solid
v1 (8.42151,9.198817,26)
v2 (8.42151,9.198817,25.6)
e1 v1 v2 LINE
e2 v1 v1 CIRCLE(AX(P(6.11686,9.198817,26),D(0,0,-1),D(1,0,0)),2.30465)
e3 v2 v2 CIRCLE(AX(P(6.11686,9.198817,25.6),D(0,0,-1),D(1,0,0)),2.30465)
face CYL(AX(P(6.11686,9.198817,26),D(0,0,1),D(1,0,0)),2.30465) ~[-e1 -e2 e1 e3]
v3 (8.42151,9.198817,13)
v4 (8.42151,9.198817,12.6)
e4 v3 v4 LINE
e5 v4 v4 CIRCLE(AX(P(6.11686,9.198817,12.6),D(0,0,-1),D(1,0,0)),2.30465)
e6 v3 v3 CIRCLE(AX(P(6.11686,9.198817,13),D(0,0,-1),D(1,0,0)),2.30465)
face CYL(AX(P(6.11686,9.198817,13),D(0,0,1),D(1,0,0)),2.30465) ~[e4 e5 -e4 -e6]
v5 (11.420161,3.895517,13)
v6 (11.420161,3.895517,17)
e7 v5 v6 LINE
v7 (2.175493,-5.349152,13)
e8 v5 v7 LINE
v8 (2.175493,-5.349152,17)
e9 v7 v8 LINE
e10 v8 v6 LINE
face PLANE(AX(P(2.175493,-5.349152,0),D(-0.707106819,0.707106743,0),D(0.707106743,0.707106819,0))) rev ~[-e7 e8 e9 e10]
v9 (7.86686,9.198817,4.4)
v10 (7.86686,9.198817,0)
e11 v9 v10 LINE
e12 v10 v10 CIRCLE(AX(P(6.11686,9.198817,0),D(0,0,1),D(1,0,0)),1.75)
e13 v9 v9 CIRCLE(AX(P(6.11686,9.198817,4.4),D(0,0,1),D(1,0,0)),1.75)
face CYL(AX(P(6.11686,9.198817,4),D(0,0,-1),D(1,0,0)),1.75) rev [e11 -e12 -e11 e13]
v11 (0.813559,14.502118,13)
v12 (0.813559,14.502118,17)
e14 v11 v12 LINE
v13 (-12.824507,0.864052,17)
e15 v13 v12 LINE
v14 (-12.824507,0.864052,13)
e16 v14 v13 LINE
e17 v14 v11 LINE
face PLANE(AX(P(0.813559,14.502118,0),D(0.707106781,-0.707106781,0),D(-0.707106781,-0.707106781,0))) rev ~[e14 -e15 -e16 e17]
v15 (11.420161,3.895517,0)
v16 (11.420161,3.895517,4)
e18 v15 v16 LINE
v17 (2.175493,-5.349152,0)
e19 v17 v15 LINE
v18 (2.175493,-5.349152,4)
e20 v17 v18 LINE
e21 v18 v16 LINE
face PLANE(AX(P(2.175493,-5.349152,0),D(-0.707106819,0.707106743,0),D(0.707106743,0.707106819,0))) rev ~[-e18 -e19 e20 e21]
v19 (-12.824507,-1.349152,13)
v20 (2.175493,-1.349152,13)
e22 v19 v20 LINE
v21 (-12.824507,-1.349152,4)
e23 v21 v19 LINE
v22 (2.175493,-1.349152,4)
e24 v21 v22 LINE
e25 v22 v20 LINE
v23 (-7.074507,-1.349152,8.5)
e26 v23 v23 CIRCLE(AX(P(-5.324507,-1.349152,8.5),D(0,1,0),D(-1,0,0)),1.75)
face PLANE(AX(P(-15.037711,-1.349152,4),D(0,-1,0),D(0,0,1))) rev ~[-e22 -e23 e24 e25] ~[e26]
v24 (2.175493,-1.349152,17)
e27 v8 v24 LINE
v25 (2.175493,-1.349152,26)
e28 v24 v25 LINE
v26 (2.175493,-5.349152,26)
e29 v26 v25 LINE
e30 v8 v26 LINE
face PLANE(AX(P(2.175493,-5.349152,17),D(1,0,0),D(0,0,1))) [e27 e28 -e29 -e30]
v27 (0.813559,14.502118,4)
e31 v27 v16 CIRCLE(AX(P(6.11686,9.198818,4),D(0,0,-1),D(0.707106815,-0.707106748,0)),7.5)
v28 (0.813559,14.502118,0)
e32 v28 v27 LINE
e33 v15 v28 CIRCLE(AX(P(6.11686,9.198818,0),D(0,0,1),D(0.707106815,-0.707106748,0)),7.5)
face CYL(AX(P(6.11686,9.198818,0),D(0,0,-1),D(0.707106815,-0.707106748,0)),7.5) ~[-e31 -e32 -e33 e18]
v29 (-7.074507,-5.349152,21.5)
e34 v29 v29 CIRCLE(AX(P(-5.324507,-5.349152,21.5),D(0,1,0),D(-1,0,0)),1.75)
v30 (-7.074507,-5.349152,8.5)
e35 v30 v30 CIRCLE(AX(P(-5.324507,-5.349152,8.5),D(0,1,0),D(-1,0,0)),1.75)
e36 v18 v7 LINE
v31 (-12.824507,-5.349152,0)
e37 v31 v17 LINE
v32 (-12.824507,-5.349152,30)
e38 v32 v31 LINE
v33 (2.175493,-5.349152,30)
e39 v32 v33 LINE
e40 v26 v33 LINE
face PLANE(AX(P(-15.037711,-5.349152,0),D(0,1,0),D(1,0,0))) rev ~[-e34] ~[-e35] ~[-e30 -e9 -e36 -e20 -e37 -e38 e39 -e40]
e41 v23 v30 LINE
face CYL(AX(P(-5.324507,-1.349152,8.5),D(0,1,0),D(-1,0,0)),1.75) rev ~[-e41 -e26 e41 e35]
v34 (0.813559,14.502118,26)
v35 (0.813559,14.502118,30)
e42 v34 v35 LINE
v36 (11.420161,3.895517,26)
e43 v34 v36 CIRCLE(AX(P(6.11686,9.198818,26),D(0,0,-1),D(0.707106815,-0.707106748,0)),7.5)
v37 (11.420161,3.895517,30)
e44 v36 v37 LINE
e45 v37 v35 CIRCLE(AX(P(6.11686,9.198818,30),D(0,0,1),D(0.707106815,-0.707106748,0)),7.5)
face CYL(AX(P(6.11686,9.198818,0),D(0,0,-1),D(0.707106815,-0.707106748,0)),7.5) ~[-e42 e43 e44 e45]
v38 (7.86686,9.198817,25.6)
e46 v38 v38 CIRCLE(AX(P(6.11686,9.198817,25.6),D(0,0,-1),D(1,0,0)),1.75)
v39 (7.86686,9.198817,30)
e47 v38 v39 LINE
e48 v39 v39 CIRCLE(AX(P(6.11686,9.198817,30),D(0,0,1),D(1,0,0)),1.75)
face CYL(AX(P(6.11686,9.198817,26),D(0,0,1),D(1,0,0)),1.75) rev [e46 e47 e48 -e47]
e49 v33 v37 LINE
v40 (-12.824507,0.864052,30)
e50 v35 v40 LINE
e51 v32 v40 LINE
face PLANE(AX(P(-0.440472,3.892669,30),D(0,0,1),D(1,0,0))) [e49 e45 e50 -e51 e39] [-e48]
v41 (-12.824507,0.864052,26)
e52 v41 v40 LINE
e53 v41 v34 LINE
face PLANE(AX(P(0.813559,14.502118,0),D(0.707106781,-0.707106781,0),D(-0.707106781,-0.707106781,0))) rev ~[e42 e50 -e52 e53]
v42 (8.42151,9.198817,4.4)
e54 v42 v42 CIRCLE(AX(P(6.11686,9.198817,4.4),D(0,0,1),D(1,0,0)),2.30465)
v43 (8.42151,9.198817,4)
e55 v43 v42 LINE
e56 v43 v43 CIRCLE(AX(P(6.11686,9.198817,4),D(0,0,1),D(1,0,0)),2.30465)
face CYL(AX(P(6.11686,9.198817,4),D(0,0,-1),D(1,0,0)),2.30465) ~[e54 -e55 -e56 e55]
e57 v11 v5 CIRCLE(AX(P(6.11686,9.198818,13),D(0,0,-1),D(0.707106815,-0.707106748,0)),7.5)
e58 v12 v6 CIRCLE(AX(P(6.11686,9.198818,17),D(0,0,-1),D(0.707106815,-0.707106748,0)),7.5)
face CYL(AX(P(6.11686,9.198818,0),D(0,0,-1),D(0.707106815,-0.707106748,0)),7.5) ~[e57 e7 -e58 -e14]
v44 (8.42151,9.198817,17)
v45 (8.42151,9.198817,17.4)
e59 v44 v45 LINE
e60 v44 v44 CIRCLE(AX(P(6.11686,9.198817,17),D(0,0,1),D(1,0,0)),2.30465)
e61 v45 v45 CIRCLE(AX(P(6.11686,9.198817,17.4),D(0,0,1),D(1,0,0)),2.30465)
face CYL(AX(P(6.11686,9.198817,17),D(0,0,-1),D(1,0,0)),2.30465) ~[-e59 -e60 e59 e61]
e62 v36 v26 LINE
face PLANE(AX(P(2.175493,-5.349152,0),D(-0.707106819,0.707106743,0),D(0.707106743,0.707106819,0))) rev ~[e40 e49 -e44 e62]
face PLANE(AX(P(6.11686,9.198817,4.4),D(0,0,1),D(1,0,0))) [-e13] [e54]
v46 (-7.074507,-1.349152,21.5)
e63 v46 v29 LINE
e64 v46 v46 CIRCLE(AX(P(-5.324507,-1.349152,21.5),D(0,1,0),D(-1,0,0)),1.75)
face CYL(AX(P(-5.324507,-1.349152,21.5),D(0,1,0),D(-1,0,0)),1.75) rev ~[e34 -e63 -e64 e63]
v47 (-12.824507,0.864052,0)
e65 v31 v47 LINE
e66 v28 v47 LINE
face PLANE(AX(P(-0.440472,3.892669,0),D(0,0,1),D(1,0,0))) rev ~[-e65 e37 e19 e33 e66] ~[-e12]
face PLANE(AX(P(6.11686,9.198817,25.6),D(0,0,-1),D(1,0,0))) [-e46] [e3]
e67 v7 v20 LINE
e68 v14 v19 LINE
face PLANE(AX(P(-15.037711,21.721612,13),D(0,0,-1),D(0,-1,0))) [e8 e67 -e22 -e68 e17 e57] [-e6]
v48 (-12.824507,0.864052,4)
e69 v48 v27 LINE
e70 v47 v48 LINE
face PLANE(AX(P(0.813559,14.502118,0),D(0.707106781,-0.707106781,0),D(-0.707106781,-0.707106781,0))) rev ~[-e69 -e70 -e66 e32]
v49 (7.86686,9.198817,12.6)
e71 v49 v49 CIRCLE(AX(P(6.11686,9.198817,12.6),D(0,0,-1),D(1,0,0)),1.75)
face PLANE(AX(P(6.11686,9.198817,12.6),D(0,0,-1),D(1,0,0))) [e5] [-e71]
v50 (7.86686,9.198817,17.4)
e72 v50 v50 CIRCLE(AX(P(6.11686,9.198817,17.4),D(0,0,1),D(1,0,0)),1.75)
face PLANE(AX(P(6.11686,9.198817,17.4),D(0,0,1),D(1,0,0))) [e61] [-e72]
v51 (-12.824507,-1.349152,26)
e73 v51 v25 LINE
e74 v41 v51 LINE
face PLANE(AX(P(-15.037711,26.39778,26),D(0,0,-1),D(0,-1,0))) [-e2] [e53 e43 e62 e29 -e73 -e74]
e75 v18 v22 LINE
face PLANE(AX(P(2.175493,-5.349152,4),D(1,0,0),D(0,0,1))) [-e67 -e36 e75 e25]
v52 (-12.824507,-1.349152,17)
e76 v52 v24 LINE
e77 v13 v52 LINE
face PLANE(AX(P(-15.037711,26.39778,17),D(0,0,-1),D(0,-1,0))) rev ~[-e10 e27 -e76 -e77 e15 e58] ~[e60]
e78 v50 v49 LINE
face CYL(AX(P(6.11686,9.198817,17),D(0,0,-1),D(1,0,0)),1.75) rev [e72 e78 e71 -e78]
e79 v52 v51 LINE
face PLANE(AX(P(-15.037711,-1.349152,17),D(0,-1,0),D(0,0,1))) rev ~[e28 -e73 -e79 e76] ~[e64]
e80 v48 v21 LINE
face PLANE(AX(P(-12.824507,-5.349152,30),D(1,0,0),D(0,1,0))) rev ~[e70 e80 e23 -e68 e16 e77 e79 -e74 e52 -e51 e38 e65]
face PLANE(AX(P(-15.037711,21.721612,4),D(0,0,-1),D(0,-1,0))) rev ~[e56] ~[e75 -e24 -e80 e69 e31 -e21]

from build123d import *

# Parameters (mm, degrees)
F0_R      = 1.75
F1_DEPTH  = 30
F2_W      = 23.070765
F2_H      = 9
F2_W_2    = 27.746933
F3_DEPTH  = 39.1
F4_W      = 2.213204
F4_H      = 16.336968
F5_DEPTH  = 500
F6_R      = 2.30465
F6_R_2    = 1.75
F7_DEPTH  = 0.4
F8_R      = 2.30465
F8_R_2    = 1.75
F9_DEPTH  = 0.4
F10_R     = 2.30465
F10_R_2   = 1.75
F11_DEPTH = 0.4
F12_R     = 2.30465
F12_R_2   = 1.75
F13_DEPTH = 0.4
F14_W     = 4
F14_H     = 9
F15_DEPTH = 6
F16_R     = 1.75
F17_DEPTH = 25


with BuildPart() as f1:
    # F0 (on Top) → F1 (new body)
    with BuildSketch(Plane.XY):
        with BuildLine():
            Line((-15.037711, -5.349152), (2.175493, -5.349152))
            Line((2.175493, -5.349152), (11.420161, 3.895517))
            ThreePointArc((11.420161, 3.895517), (11.420161, 14.502118), (0.813559, 14.502118))
            Line((0.813559, 14.502118), (-15.037711, -1.349152))
            Line((-15.037711, -1.349152), (-15.037711, -5.349152))
        make_face()
        with Locations((6.11686, 9.198817)):
            Circle(F0_R, mode=Mode.SUBTRACT)
    extrude(amount=F1_DEPTH)

    # F2 (on face) → F3 (cut)
    with BuildSketch(Plane(origin=(-15.037711, 0, 0), x_dir=(0, -1, 0), z_dir=(-1, 0, 0))):
        with Locations((-10.18623, 8.5)):
            Rectangle(F2_W, F2_H)
        with Locations((-12.524314, 21.5)):
            Rectangle(F2_W_2, F2_H)
    extrude(amount=-F3_DEPTH, mode=Mode.SUBTRACT)

    # F4 (on face) → F5 (cut)
    with BuildSketch(Plane.XY.offset(30)):
        with Locations((-13.931109, 2.819332)):
            Rectangle(F4_W, F4_H)
    extrude(amount=-F5_DEPTH, mode=Mode.SUBTRACT)

    # F6 (on face) → F7 (join)
    with BuildSketch(Plane(origin=(0, 0, 13), x_dir=(1, 0, 0), z_dir=(0, 0, -1))):
        with Locations((6.11686, -9.198817)):
            Circle(F6_R)
        with Locations((6.11686, -9.198817)):
            Circle(F6_R_2, mode=Mode.SUBTRACT)
    extrude(amount=F7_DEPTH)

    # F8 (on face) → F9 (join)
    with BuildSketch(Plane(origin=(0, 0, 26), x_dir=(1, 0, 0), z_dir=(0, 0, -1))):
        with Locations((6.11686, -9.198817)):
            Circle(F8_R)
        with Locations((6.11686, -9.198817)):
            Circle(F8_R_2, mode=Mode.SUBTRACT)
    extrude(amount=F9_DEPTH)

    # F10 (on face) → F11 (join)
    with BuildSketch(Plane.XY.offset(17)):
        with Locations((6.11686, 9.198817)):
            Circle(F10_R)
        with Locations((6.11686, 9.198817)):
            Circle(F10_R_2, mode=Mode.SUBTRACT)
    extrude(amount=F11_DEPTH)

    # F12 (on face) → F13 (join)
    with BuildSketch(Plane.XY.offset(4)):
        with Locations((6.11686, 9.198817)):
            Circle(F12_R)
        with Locations((6.11686, 9.198817)):
            Circle(F12_R_2, mode=Mode.SUBTRACT)
    extrude(amount=F13_DEPTH)

    # F14 (on face) → F15 (cut)
    with BuildSketch(Plane.XZ.offset(5.349152)):
        with Locations((4.175493, 8.5)):
            Rectangle(F14_W, F14_H)
        with Locations((4.175493, 21.5)):
            Rectangle(F14_W, F14_H)
    extrude(amount=-F15_DEPTH, mode=Mode.SUBTRACT)

    # F16 (on face) → F17 (cut)
    with BuildSketch(Plane(origin=(0, -1.349152, 0), x_dir=(-1, 0, 0), z_dir=(0, 1, 0))):
        with Locations((5.324507, 21.5)):
            Circle(F16_R)
        with Locations((5.324507, 8.5)):
            Circle(F16_R)
    extrude(amount=-F17_DEPTH, mode=Mode.SUBTRACT)


solid = f1.part
